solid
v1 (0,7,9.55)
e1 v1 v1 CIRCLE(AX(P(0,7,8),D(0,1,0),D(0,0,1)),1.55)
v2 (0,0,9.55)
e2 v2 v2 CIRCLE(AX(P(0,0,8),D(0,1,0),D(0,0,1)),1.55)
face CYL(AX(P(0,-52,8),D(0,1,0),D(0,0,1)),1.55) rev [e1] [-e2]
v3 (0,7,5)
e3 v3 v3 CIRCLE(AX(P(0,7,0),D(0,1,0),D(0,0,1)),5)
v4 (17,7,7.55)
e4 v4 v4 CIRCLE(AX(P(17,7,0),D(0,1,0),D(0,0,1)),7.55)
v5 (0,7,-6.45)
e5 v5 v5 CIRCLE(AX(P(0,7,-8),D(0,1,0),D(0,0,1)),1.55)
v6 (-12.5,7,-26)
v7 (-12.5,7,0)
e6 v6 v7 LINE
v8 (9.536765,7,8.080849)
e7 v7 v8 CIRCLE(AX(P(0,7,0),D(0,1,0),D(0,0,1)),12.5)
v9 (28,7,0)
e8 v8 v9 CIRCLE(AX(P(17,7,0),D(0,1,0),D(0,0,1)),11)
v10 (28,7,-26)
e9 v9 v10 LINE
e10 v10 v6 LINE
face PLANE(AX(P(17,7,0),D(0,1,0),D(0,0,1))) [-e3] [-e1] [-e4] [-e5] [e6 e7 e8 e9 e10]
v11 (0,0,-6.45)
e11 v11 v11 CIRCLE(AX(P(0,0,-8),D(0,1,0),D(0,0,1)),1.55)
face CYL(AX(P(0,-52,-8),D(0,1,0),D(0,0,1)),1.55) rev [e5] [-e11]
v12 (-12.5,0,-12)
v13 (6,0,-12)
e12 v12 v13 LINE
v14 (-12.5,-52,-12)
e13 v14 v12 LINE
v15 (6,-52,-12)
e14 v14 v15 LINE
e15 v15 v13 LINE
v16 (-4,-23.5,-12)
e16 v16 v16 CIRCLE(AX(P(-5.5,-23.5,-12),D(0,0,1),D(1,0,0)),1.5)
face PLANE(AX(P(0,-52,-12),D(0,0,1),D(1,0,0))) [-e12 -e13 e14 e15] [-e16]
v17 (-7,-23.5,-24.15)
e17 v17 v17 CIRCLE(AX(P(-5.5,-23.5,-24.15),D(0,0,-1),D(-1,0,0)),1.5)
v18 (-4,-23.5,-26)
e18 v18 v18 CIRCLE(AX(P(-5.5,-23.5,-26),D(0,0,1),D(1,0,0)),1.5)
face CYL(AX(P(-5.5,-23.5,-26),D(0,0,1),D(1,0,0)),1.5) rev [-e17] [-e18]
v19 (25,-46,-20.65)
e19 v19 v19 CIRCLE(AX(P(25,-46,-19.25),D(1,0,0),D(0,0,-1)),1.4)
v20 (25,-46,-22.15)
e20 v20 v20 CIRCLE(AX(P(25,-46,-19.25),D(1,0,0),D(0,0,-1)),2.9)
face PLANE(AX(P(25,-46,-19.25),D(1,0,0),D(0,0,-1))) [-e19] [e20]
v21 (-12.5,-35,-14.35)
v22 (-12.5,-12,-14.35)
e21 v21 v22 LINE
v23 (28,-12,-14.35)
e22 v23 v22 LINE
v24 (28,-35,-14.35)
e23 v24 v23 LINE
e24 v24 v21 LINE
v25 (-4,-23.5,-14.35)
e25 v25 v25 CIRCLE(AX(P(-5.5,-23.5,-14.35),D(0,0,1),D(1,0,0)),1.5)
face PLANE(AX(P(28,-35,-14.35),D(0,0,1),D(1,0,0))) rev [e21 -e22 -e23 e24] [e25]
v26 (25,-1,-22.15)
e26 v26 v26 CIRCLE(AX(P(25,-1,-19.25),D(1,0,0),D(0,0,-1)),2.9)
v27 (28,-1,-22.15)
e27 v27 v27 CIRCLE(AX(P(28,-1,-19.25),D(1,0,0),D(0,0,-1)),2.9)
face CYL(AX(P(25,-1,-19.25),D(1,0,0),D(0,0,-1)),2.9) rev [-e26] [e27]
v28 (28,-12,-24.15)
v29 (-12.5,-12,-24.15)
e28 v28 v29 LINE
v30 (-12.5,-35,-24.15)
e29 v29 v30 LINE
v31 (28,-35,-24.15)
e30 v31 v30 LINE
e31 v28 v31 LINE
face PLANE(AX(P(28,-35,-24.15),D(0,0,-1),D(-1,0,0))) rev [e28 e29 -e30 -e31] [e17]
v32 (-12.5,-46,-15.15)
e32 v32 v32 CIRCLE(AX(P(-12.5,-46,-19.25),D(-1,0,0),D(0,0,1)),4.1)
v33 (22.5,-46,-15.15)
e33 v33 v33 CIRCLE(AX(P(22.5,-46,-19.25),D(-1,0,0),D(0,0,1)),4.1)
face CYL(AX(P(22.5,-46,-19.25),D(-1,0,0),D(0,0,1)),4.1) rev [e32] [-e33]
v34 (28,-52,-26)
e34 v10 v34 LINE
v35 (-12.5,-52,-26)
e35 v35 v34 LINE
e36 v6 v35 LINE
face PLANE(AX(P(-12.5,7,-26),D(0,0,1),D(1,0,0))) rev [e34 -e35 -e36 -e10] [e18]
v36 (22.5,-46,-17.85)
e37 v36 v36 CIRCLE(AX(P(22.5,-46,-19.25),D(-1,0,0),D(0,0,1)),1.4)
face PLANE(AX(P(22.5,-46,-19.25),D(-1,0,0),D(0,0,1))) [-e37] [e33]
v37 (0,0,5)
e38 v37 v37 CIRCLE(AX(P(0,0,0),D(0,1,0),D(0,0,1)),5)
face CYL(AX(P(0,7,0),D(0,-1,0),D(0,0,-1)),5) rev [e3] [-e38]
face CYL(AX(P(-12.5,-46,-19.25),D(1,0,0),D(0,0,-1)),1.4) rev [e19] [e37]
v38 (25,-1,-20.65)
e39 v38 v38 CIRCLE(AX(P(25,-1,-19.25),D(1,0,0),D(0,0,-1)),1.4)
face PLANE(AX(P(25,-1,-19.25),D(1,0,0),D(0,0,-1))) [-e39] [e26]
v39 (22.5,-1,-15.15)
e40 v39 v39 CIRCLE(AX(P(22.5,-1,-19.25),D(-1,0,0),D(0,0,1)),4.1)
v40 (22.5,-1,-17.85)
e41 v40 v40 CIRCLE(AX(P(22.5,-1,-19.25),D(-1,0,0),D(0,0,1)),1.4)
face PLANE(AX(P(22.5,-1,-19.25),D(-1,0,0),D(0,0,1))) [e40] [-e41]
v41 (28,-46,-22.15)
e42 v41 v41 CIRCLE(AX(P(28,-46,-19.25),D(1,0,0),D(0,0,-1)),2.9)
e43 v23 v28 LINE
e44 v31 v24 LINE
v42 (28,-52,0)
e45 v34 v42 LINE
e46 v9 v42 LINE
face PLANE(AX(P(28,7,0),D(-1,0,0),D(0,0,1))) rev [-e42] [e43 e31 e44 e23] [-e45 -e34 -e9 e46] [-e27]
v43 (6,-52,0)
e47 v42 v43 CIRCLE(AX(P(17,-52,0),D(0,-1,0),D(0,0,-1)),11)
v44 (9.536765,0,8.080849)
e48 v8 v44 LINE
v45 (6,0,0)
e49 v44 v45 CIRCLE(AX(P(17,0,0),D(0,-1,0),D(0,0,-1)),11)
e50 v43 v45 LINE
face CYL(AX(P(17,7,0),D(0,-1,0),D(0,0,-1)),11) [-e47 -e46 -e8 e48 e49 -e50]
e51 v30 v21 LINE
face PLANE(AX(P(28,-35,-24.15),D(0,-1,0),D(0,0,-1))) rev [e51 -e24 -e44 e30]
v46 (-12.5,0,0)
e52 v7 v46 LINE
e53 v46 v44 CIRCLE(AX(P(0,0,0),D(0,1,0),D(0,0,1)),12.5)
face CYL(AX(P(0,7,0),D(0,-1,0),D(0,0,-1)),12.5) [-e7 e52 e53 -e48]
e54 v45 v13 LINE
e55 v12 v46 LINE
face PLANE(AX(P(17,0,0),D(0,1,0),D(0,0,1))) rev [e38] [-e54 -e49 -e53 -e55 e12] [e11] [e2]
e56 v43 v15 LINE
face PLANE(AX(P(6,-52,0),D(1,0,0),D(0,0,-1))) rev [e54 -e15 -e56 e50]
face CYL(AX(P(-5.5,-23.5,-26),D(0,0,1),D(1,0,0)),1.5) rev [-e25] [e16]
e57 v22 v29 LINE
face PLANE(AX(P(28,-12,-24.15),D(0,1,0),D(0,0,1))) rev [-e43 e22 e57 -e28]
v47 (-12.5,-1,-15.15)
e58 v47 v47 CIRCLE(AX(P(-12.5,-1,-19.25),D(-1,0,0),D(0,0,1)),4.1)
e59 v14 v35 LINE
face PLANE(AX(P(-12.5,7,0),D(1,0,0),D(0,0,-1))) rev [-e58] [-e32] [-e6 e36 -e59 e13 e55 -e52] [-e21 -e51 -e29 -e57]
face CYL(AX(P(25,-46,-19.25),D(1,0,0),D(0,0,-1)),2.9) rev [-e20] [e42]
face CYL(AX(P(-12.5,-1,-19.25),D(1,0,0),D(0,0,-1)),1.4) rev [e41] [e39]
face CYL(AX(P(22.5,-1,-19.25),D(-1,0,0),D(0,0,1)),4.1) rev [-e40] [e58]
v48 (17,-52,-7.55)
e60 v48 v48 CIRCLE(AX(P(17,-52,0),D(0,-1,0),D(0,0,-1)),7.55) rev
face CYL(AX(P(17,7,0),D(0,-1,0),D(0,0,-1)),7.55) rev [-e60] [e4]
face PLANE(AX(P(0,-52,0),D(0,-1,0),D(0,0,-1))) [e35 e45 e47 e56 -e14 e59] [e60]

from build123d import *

# Parameters (mm, degrees)
CROQUIS1_R              = 5
CROQUIS1_R_2            = 7.55
SALIENTE_EXTRUIR1_DEPTH = 7
CROQUIS4_R              = 7.55
SALIENTE_EXTRUIR4_DEPTH = 52
CROQUIS5_R              = 4.1
CORTAR_EXTRUIR1_DEPTH   = 35
CROQUIS6_W              = 9.8
CROQUIS6_H              = 23
CORTAR_EXTRUIR2_DEPTH   = 41.5
CROQUIS7_R              = 1.4
CORTAR_EXTRUIR3_DEPTH   = 41.5
CROQUIS8_R              = 2.9
CROQUIS8_R_2            = 1.4
CORTAR_EXTRUIR4_DEPTH   = 3
CROQUIS10_R             = 1.5
CORTAR_EXTRUIR5_DEPTH   = 15
CROQUIS11_R             = 1.55
CORTAR_EXTRUIR6_DEPTH   = 60


with BuildPart() as part:
    # Croquis1 → Saliente-Extruir1 (new body)
    with BuildSketch(Plane(origin=(0, 0, 0), x_dir=(1, 0, 0), z_dir=(0, 1, 0))):
        with BuildLine():
            Line((28, 0), (28, 26))
            Line((28, 26), (-12.5, 26))
            Line((-12.5, 26), (-12.5, 0))
            ThreePointArc((-12.5, 0), (-4.303512587, -11.735833137), (9.536764706, -8.0808489))
            ThreePointArc((9.536764706, -8.0808489), (21.410465495, -10.077092543), (28, 0))
        make_face()
        Circle(CROQUIS1_R, mode=Mode.SUBTRACT)
        with Locations((17, 0)):
            Circle(CROQUIS1_R_2, mode=Mode.SUBTRACT)
    extrude(amount=SALIENTE_EXTRUIR1_DEPTH)

    # Croquis4 → Saliente-Extruir4 (add)
    with BuildSketch(Plane.XZ):
        with BuildLine():
            Line((-12.5, -12), (-12.5, -26))
            Line((-12.5, -26), (28, -26))
            Line((28, -26), (28, 0))
            ThreePointArc((28, 0), (21.410465495, 10.077092543), (9.536764706, 8.0808489))
            ThreePointArc((9.536764706, 8.0808489), (6.922907457, 4.410465495), (6, 0))
            Line((6, 0), (6, -12))
            Line((6, -12), (-12.5, -12))
        make_face()
        with Locations((17, 0)):
            Circle(CROQUIS4_R, mode=Mode.SUBTRACT)
    extrude(amount=SALIENTE_EXTRUIR4_DEPTH)

    # Croquis5 → Cortar-Extruir1 (cut)
    with BuildSketch(Plane.ZY.offset(12.5)):
        with Locations((-19.25, -1)):
            Circle(CROQUIS5_R)
        with Locations((-19.25, -46)):
            Circle(CROQUIS5_R)
    extrude(amount=-CORTAR_EXTRUIR1_DEPTH, mode=Mode.SUBTRACT)

    # Croquis6 → Cortar-Extruir2 (cut, through all)
    with BuildSketch(Plane.ZY.offset(12.5)):
        with Locations((-19.25, -23.5)):
            Rectangle(CROQUIS6_W, CROQUIS6_H)
    extrude(amount=-CORTAR_EXTRUIR2_DEPTH, mode=Mode.SUBTRACT)

    # Croquis7 → Cortar-Extruir3 (cut, through all)
    with BuildSketch(Plane(origin=(28, 0, 0), x_dir=(0, 0, -1), z_dir=(1, 0, 0))):
        with Locations((19.25, -1)):
            Circle(CROQUIS7_R)
        with Locations((19.25, -46)):
            Circle(CROQUIS7_R)
    extrude(amount=-CORTAR_EXTRUIR3_DEPTH, mode=Mode.SUBTRACT)

    # Croquis8 → Cortar-Extruir4 (cut)
    with BuildSketch(Plane(origin=(28, 0, 0), x_dir=(0, 0, -1), z_dir=(1, 0, 0))):
        with Locations((19.25, -1)):
            Circle(CROQUIS8_R)
        with Locations((19.25, -1)):
            Circle(CROQUIS8_R_2, mode=Mode.SUBTRACT)
        with Locations((19.25, -46)):
            Circle(CROQUIS8_R)
        with Locations((19.25, -46)):
            Circle(CROQUIS8_R_2, mode=Mode.SUBTRACT)
    extrude(amount=-CORTAR_EXTRUIR4_DEPTH, mode=Mode.SUBTRACT)

    # Croquis10 → Cortar-Extruir5 (cut, through all)
    with BuildSketch(Plane.XY.offset(-12)):
        with Locations((-5.5, -23.5)):
            Circle(CROQUIS10_R)
    extrude(amount=-CORTAR_EXTRUIR5_DEPTH, mode=Mode.SUBTRACT)

    # Croquis11 → Cortar-Extruir6 (cut, through all)
    with BuildSketch(Plane(origin=(0, 7, 0), x_dir=(1, 0, 0), z_dir=(0, 1, 0))):
        with Locations((0, 8)):
            Circle(CROQUIS11_R)
        with Locations((0, -8)):
            Circle(CROQUIS11_R)
    extrude(amount=-CORTAR_EXTRUIR6_DEPTH, mode=Mode.SUBTRACT)


solid = part.part
